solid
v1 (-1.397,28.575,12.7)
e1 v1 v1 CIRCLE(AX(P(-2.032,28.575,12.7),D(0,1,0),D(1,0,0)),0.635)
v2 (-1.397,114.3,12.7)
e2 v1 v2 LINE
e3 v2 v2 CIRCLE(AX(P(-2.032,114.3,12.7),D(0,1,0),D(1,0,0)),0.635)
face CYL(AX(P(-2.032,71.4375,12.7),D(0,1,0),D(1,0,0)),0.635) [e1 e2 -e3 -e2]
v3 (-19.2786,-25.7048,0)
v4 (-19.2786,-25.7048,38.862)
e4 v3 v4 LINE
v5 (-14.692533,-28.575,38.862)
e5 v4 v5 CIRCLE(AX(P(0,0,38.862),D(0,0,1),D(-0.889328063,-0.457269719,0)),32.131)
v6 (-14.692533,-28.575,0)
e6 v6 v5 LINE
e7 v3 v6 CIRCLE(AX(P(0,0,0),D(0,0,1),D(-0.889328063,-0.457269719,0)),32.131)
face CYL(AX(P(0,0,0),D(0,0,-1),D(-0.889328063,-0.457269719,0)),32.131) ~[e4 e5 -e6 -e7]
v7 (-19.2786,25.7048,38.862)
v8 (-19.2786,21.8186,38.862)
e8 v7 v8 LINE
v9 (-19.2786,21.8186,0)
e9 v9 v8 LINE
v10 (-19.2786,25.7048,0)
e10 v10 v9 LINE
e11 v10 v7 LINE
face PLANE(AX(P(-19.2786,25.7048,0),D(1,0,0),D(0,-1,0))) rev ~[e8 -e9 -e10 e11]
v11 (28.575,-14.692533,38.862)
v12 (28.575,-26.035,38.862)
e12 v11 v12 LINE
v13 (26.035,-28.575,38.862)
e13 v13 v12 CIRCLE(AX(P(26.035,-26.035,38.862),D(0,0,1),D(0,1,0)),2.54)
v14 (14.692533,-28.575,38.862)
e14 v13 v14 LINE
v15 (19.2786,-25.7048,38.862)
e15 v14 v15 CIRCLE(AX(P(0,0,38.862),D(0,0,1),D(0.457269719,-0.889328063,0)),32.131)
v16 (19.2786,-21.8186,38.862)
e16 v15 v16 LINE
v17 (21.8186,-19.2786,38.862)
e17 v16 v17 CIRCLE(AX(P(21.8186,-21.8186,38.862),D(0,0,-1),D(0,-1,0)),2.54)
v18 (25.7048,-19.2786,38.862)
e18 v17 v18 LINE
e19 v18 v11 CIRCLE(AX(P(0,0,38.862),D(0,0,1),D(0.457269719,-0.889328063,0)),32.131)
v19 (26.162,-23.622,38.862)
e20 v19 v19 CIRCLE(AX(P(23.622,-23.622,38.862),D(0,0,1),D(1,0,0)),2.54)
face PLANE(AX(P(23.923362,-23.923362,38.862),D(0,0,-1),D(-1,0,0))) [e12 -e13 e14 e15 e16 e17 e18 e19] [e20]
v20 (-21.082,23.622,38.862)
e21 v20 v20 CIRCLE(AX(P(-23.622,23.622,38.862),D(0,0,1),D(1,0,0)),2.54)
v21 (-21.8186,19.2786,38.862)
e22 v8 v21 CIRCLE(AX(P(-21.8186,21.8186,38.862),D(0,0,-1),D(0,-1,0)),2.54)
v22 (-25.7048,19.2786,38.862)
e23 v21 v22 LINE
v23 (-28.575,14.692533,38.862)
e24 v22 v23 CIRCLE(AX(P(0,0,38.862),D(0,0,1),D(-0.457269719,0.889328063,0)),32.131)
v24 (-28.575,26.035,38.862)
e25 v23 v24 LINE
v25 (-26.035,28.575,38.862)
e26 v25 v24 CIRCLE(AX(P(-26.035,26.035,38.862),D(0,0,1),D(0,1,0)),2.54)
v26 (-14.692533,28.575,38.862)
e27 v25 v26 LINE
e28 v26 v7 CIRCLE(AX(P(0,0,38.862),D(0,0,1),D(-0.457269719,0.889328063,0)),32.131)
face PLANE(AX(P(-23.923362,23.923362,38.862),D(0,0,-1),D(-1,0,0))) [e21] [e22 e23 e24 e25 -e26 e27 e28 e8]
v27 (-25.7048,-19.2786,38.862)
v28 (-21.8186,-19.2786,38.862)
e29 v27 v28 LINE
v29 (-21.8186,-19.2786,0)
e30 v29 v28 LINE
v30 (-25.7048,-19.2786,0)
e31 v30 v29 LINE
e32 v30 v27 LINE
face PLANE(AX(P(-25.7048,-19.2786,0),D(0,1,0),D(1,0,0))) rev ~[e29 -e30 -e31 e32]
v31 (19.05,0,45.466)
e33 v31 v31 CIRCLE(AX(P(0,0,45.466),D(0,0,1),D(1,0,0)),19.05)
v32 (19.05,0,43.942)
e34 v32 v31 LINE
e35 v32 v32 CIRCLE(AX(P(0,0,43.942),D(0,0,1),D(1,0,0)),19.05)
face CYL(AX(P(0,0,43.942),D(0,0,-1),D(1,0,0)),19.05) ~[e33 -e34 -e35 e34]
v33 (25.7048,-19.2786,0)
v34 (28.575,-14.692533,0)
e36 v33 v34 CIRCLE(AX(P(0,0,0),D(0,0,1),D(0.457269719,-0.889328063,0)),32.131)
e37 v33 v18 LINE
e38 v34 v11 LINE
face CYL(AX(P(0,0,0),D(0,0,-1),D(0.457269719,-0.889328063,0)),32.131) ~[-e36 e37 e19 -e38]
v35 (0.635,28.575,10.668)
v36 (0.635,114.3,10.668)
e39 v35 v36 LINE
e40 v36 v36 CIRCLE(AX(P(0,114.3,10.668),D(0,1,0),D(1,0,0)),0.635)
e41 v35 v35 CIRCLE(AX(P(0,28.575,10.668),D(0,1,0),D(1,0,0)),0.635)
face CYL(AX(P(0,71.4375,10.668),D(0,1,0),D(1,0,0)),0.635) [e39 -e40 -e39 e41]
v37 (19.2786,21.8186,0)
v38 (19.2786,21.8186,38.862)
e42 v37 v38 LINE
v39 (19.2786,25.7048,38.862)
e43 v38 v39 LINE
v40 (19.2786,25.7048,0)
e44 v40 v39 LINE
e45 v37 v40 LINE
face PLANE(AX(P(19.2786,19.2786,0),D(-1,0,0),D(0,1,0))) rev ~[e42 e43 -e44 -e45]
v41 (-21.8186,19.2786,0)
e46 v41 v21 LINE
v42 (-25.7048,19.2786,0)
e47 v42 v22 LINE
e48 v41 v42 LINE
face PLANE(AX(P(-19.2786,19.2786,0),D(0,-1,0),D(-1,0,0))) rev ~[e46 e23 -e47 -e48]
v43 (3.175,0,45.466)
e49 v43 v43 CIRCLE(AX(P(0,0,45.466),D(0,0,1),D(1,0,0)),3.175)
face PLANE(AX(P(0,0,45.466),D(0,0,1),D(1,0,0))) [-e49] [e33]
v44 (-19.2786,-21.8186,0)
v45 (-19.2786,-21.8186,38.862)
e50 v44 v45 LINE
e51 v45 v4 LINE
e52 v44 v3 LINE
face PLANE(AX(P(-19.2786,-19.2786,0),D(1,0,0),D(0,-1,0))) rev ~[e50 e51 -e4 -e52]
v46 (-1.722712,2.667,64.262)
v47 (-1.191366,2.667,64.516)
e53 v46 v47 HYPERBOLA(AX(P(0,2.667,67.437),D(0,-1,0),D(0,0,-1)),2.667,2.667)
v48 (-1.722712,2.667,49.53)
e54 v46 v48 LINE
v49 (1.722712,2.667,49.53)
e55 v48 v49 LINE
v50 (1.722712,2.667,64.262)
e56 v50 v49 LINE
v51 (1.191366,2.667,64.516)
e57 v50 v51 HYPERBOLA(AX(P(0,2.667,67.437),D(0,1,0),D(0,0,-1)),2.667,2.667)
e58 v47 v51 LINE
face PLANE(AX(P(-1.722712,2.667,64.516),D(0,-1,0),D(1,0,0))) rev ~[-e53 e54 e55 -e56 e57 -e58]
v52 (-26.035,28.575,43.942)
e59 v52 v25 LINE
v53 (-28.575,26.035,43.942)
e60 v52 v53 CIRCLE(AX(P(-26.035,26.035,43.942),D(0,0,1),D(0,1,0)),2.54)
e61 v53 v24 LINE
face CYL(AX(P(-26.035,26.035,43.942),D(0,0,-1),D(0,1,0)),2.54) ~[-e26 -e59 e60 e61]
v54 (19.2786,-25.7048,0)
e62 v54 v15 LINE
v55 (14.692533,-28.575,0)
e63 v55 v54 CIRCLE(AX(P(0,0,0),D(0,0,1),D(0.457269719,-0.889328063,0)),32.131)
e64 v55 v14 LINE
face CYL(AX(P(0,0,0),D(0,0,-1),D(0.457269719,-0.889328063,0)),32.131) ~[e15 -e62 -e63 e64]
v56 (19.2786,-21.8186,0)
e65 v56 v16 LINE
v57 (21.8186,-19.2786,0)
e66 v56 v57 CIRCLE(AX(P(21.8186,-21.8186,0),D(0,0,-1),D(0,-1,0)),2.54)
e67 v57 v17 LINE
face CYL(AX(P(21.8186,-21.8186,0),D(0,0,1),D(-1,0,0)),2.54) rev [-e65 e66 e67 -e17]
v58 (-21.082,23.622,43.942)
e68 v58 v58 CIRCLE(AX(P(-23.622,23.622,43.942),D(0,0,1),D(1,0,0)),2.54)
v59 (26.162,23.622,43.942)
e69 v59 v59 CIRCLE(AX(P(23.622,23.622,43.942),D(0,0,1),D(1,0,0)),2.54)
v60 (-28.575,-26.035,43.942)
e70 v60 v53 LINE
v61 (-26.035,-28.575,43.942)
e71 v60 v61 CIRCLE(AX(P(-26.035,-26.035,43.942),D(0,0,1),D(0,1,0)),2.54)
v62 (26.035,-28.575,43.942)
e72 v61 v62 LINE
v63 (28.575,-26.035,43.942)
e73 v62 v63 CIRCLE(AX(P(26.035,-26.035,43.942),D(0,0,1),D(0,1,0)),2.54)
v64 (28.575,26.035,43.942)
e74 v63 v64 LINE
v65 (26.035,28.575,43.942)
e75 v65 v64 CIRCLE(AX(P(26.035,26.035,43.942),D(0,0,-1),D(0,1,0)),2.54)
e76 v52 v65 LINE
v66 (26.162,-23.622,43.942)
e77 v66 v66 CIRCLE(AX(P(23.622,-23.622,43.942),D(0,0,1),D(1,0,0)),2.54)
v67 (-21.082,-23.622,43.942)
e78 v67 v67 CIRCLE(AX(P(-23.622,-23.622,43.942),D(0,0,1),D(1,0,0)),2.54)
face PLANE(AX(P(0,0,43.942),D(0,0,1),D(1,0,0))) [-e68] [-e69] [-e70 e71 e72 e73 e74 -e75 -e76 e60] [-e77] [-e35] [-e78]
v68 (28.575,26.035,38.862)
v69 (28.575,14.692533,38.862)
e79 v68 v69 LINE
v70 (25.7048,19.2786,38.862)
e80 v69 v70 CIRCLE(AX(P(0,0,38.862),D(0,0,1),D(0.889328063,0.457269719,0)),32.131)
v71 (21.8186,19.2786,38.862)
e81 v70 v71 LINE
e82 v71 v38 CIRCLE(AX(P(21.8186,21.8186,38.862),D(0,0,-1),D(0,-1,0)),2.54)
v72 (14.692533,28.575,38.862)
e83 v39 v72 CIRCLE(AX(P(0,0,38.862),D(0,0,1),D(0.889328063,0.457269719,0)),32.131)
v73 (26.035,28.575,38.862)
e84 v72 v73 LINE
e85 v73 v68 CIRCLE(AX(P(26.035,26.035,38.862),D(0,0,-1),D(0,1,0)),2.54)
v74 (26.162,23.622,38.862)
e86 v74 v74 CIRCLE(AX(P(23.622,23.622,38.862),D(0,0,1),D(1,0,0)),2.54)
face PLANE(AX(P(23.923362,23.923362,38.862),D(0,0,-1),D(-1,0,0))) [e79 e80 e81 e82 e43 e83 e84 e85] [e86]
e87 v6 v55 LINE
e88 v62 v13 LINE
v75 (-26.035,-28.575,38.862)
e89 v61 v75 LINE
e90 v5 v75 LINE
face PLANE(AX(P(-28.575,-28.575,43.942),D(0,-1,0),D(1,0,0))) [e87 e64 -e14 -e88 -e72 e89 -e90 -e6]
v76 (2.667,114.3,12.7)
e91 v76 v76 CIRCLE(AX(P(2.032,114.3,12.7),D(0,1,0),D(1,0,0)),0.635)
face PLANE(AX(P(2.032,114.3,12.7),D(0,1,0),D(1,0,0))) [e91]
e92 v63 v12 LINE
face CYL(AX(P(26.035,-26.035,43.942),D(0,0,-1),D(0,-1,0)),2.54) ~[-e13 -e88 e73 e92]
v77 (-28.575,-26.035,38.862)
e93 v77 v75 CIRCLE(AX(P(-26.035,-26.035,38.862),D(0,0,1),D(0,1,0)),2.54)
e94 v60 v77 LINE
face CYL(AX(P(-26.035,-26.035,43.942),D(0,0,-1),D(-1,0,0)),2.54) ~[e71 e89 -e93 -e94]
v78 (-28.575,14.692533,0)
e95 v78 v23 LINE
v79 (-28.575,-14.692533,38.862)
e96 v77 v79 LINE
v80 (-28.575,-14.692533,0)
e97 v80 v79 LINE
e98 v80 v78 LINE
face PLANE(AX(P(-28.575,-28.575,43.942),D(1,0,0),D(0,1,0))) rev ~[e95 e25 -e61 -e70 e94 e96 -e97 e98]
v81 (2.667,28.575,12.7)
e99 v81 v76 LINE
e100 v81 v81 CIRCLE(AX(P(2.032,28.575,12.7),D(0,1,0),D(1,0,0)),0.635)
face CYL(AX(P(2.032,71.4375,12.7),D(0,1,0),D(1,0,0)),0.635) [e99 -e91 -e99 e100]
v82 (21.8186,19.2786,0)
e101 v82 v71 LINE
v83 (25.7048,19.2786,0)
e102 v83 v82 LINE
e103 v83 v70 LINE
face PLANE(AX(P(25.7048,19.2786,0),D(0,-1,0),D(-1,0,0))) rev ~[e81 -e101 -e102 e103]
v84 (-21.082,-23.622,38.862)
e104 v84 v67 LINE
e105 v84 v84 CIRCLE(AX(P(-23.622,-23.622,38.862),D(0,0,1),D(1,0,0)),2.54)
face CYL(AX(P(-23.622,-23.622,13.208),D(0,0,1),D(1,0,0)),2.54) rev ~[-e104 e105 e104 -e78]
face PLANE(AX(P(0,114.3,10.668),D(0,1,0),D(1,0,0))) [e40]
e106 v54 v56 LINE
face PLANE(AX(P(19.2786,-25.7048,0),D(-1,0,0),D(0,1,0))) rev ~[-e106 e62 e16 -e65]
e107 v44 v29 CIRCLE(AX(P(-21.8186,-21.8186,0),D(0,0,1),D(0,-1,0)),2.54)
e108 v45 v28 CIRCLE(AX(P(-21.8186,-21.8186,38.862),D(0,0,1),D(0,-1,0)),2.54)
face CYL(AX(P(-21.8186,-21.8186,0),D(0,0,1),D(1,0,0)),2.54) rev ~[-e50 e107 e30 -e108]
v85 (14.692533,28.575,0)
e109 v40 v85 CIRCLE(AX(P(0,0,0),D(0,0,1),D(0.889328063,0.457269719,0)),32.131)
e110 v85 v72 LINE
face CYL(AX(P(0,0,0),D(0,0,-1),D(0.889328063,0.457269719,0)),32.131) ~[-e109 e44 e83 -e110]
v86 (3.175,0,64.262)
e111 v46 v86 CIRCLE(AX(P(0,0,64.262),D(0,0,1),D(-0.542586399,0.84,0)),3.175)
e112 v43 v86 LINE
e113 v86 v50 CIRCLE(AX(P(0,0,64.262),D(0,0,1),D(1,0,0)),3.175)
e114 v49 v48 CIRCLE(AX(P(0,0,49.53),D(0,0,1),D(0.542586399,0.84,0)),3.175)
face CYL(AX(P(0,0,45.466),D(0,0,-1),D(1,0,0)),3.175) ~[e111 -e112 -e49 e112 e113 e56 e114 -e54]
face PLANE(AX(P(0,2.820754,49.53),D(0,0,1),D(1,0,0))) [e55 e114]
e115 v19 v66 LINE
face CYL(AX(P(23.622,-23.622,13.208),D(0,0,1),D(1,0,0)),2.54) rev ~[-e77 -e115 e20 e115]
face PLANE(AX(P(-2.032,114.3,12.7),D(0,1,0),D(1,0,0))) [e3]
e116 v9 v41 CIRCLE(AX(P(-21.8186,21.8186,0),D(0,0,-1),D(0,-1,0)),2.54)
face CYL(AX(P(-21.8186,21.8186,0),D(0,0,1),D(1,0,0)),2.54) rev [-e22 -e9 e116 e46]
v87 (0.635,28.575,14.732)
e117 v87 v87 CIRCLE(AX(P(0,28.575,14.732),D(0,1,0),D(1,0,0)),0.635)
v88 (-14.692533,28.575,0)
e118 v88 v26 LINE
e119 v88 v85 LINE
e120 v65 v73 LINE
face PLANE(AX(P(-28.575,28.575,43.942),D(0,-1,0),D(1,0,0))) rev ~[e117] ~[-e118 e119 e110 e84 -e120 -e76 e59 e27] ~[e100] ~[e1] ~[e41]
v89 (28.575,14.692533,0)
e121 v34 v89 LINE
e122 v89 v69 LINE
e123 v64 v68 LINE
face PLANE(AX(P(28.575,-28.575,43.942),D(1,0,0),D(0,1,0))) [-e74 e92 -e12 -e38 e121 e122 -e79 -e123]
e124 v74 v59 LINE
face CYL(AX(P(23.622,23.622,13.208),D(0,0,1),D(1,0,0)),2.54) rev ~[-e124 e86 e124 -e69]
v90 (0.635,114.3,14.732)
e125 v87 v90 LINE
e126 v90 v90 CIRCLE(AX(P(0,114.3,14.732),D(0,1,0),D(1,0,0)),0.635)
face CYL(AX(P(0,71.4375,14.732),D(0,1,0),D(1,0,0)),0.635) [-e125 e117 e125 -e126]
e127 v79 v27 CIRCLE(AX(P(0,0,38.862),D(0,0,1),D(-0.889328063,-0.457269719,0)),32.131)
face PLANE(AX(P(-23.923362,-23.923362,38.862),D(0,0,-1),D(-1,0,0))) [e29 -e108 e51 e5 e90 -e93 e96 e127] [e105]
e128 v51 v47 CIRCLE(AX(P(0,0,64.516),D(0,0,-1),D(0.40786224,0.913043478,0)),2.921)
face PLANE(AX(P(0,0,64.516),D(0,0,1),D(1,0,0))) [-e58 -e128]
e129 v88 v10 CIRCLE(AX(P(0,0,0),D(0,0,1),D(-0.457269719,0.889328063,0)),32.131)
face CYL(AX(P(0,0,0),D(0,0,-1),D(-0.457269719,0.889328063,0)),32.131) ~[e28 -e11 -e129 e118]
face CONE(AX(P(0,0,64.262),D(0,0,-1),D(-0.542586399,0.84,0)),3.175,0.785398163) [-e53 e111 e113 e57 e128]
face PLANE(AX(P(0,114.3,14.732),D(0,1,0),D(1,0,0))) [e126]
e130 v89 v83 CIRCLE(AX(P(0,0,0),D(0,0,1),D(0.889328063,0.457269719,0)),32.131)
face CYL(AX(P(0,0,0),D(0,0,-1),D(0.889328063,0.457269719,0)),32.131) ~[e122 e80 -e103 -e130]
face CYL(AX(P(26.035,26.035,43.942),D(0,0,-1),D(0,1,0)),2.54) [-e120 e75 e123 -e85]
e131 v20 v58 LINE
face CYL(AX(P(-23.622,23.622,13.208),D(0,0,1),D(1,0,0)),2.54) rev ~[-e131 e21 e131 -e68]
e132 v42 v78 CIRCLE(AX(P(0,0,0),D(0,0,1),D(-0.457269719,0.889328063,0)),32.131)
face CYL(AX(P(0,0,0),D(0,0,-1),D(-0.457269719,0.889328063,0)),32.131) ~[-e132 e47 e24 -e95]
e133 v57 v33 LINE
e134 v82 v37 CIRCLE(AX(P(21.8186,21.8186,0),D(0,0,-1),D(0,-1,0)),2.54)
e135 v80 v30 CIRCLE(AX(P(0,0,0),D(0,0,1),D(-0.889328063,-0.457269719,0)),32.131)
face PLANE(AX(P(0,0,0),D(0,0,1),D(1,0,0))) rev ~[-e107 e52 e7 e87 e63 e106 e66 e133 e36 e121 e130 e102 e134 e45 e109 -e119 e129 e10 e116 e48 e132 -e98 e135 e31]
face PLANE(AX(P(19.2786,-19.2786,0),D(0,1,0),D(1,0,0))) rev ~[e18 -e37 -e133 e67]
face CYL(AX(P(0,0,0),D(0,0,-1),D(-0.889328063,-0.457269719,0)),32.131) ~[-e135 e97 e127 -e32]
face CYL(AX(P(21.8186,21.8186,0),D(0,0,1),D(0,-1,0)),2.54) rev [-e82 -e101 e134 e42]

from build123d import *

# Parameters (mm, degrees)
SKETCH1_W           = 57.15
SKETCH1_H           = 57.15
BOSS_EXTRUDE1_DEPTH = 43.942
CUT_EXTRUDE1_DEPTH  = 38.862
CUT_EXTRUDE2_DEPTH  = 38.862
CUT_EXTRUDE3_DEPTH  = 38.862
CUT_EXTRUDE4_DEPTH  = 38.862
CUT_EXTRUDE5_DEPTH  = 38.862
CUT_EXTRUDE6_DEPTH  = 38.862
CUT_EXTRUDE7_DEPTH  = 38.862
CUT_EXTRUDE8_DEPTH  = 38.862
SKETCH10_R          = 19.05
BOSS_EXTRUDE2_DEPTH = 1.524
SKETCH11_R          = 3.175
BOSS_EXTRUDE3_DEPTH = 19.05
CUT_EXTRUDE9_DEPTH  = 14.986
SKETCH13_W          = 0.635
SKETCH13_H          = 85.725
SKETCH14_W          = 0.635
SKETCH14_H          = 85.725
SKETCH15_W          = 0.635
SKETCH15_H          = 85.725
SKETCH16_W          = 0.635
SKETCH16_H          = 85.725
HOLE1_D             = 5.08
HOLE1_DEPTH         = 25.654
HOLE2_D             = 5.08
HOLE2_DEPTH         = 25.654
HOLE3_D             = 5.08
HOLE3_DEPTH         = 25.654
HOLE4_D             = 5.08
HOLE4_DEPTH         = 25.654
CHAMFER1_SIZE       = 0.254
FILLET1_R           = 2.54
FILLET2_R           = 2.54
FILLET3_R           = 2.54
FILLET4_R           = 2.54
FILLET5_R           = 2.54
FILLET6_R           = 2.54
FILLET7_R           = 2.54
FILLET8_R           = 2.54


with BuildPart() as part:
    # Sketch1 → Boss-Extrude1 (new body)
    with BuildSketch(Plane.XY.offset(43.942)):
        Rectangle(SKETCH1_W, SKETCH1_H)
    extrude(amount=-BOSS_EXTRUDE1_DEPTH)

    # Sketch2 → Cut-Extrude1 (cut)
    with BuildSketch(Plane(origin=(0, 0, 0), x_dir=(-1, 0, 0), z_dir=(0, 0, -1))):
        with BuildLine():
            Line((-28.575, -28.575), (-14.692533342, -28.575))
            ThreePointArc((-14.692533342, -28.575), (-22.720047986, -22.720047986), (-28.575, -14.692533342))
            Line((-28.575, -14.692533342), (-28.575, -28.575))
        make_face()
    extrude(amount=-CUT_EXTRUDE1_DEPTH, mode=Mode.SUBTRACT)

    # Sketch3 → Cut-Extrude2 (cut)
    with BuildSketch(Plane(origin=(0, 0, 0), x_dir=(-1, 0, 0), z_dir=(0, 0, -1))):
        with BuildLine():
            Line((-19.2786, -25.7048), (-19.2786, -19.2786))
            Line((-19.2786, -19.2786), (-25.7048, -19.2786))
            ThreePointArc((-25.7048, -19.2786), (-22.720047986, -22.720047986), (-19.2786, -25.7048))
        make_face()
    extrude(amount=-CUT_EXTRUDE2_DEPTH, mode=Mode.SUBTRACT)

    # Sketch4 → Cut-Extrude3 (cut)
    with BuildSketch(Plane(origin=(0, 0, 0), x_dir=(-1, 0, 0), z_dir=(0, 0, -1))):
        with BuildLine():
            Line((-28.575, 28.575), (-28.575, 14.692533342))
            ThreePointArc((-28.575, 14.692533342), (-22.720047986, 22.720047986), (-14.692533342, 28.575))
            Line((-14.692533342, 28.575), (-28.575, 28.575))
        make_face()
    extrude(amount=-CUT_EXTRUDE3_DEPTH, mode=Mode.SUBTRACT)

    # Sketch5 → Cut-Extrude4 (cut)
    with BuildSketch(Plane(origin=(0, 0, 0), x_dir=(-1, 0, 0), z_dir=(0, 0, -1))):
        with BuildLine():
            Line((-25.7048, 19.2786), (-19.2786, 19.2786))
            Line((-19.2786, 19.2786), (-19.2786, 25.7048))
            ThreePointArc((-19.2786, 25.7048), (-22.720047986, 22.720047986), (-25.7048, 19.2786))
        make_face()
    extrude(amount=-CUT_EXTRUDE4_DEPTH, mode=Mode.SUBTRACT)

    # Sketch6 → Cut-Extrude5 (cut)
    with BuildSketch(Plane(origin=(0, 0, 0), x_dir=(-1, 0, 0), z_dir=(0, 0, -1))):
        with BuildLine():
            Line((28.575, 28.575), (14.692533342, 28.575))
            ThreePointArc((14.692533342, 28.575), (22.720047986, 22.720047986), (28.575, 14.692533342))
            Line((28.575, 14.692533342), (28.575, 28.575))
        make_face()
    extrude(amount=-CUT_EXTRUDE5_DEPTH, mode=Mode.SUBTRACT)

    # Sketch7 → Cut-Extrude6 (cut)
    with BuildSketch(Plane(origin=(0, 0, 0), x_dir=(-1, 0, 0), z_dir=(0, 0, -1))):
        with BuildLine():
            Line((19.2786, 25.7048), (19.2786, 19.2786))
            Line((19.2786, 19.2786), (25.7048, 19.2786))
            ThreePointArc((25.7048, 19.2786), (22.720047986, 22.720047986), (19.2786, 25.7048))
        make_face()
    extrude(amount=-CUT_EXTRUDE6_DEPTH, mode=Mode.SUBTRACT)

    # Sketch8 → Cut-Extrude7 (cut)
    with BuildSketch(Plane(origin=(0, 0, 0), x_dir=(-1, 0, 0), z_dir=(0, 0, -1))):
        with BuildLine():
            Line((28.575, -28.575), (28.575, -14.692533342))
            ThreePointArc((28.575, -14.692533342), (22.720047986, -22.720047986), (14.692533342, -28.575))
            Line((14.692533342, -28.575), (28.575, -28.575))
        make_face()
    extrude(amount=-CUT_EXTRUDE7_DEPTH, mode=Mode.SUBTRACT)

    # Sketch9 → Cut-Extrude8 (cut)
    with BuildSketch(Plane(origin=(0, 0, 0), x_dir=(-1, 0, 0), z_dir=(0, 0, -1))):
        with BuildLine():
            Line((25.7048, -19.2786), (19.2786, -19.2786))
            Line((19.2786, -19.2786), (19.2786, -25.7048))
            ThreePointArc((19.2786, -25.7048), (22.720047986, -22.720047986), (25.7048, -19.2786))
        make_face()
    extrude(amount=-CUT_EXTRUDE8_DEPTH, mode=Mode.SUBTRACT)

    # Sketch10 → Boss-Extrude2 (add)
    with BuildSketch(Plane.XY.offset(43.942)):
        Circle(SKETCH10_R)
    extrude(amount=BOSS_EXTRUDE2_DEPTH)

    # Sketch11 → Boss-Extrude3 (add)
    with BuildSketch(Plane.XY.offset(45.466)):
        Circle(SKETCH11_R)
    extrude(amount=BOSS_EXTRUDE3_DEPTH)

    # Sketch12 → Cut-Extrude9 (cut)
    with BuildSketch(Plane.XY.offset(64.516)):
        with BuildLine():
            Line((-1.722711816, 2.667), (1.722711816, 2.667))
            ThreePointArc((1.722711816, 2.667), (0, 3.175), (-1.722711816, 2.667))
        make_face()
    extrude(amount=-CUT_EXTRUDE9_DEPTH, mode=Mode.SUBTRACT)

    # Sketch13 → Revolve1 (revolve)
    with BuildSketch(Plane(origin=(0, 0, 12.7), x_dir=(-1, 0, 0), z_dir=(0, 0, -1))):
        with Locations((1.7145, 71.4375)):
            Rectangle(SKETCH13_W, SKETCH13_H)
    revolve(axis=Axis((-2.032, 28.575, 12.7), (0, 1, 0)))

    # Sketch14 → Revolve2 (revolve)
    with BuildSketch(Plane(origin=(0, 0, 12.7), x_dir=(-1, 0, 0), z_dir=(0, 0, -1))):
        with Locations((-2.3495, 71.4375)):
            Rectangle(SKETCH14_W, SKETCH14_H)
    revolve(axis=Axis((2.032, 28.575, 12.7), (0, 1, 0)))

    # Sketch15 → Revolve3 (revolve)
    with BuildSketch(Plane(origin=(0, 0, 14.732), x_dir=(-1, 0, 0), z_dir=(0, 0, -1))):
        with Locations((-0.3175, 71.4375)):
            Rectangle(SKETCH15_W, SKETCH15_H)
    revolve(axis=Axis((0, 28.575, 14.732), (0, 1, 0)))

    # Sketch16 → Revolve4 (revolve)
    with BuildSketch(Plane(origin=(0, 0, 10.668), x_dir=(-1, 0, 0), z_dir=(0, 0, -1))):
        with Locations((-0.3175, 71.4375)):
            Rectangle(SKETCH16_W, SKETCH16_H)
    revolve(axis=Axis((0, 28.575, 10.668), (0, 1, 0)))

    # Hole1
    with Locations(Plane(origin=(0, 0, 38.862), x_dir=(-1, 0, 0), z_dir=(0, 0, -1))):
        with Locations((23.622, -23.622)):
            Hole(HOLE1_D / 2, depth=HOLE1_DEPTH)

    # Hole2
    with Locations(Plane(origin=(0, 0, 38.862), x_dir=(-1, 0, 0), z_dir=(0, 0, -1))):
        with Locations((23.622, 23.622)):
            Hole(HOLE2_D / 2, depth=HOLE2_DEPTH)

    # Hole3
    with Locations(Plane(origin=(0, 0, 38.862), x_dir=(-1, 0, 0), z_dir=(0, 0, -1))):
        with Locations((-23.622, 23.622)):
            Hole(HOLE3_D / 2, depth=HOLE3_DEPTH)

    # Hole4
    with Locations(Plane(origin=(0, 0, 38.862), x_dir=(-1, 0, 0), z_dir=(0, 0, -1))):
        with Locations((-23.622, -23.622)):
            Hole(HOLE4_D / 2, depth=HOLE4_DEPTH)

    # Chamfer1
    chamfer1_edges = [part.edges().sort_by_distance(p)[0] for p in [
        (-1.51838977, -2.78838977, 64.516),
    ]]
    chamfer(chamfer1_edges, length=CHAMFER1_SIZE)

    # Fillet1
    fillet1_edges = [part.edges().sort_by_distance(p)[0] for p in [
        (-28.575, 28.575, 41.402),
    ]]
    fillet(fillet1_edges, radius=FILLET1_R)

    # Fillet2
    fillet2_edges = [part.edges().sort_by_distance(p)[0] for p in [
        (-28.575, -28.575, 41.402),
    ]]
    fillet(fillet2_edges, radius=FILLET2_R)

    # Fillet3
    fillet3_edges = [part.edges().sort_by_distance(p)[0] for p in [
        (28.575, 28.575, 41.402),
    ]]
    fillet(fillet3_edges, radius=FILLET3_R)

    # Fillet4
    fillet4_edges = [part.edges().sort_by_distance(p)[0] for p in [
        (-19.2786, 19.2786, 19.431),
    ]]
    fillet(fillet4_edges, radius=FILLET4_R)

    # Fillet5
    fillet5_edges = [part.edges().sort_by_distance(p)[0] for p in [
        (28.575, -28.575, 41.402),
    ]]
    fillet(fillet5_edges, radius=FILLET5_R)

    # Fillet6
    fillet6_edges = [part.edges().sort_by_distance(p)[0] for p in [
        (19.2786, -19.2786, 19.431),
    ]]
    fillet(fillet6_edges, radius=FILLET6_R)

    # Fillet7
    fillet7_edges = [part.edges().sort_by_distance(p)[0] for p in [
        (19.2786, 19.2786, 19.431),
    ]]
    fillet(fillet7_edges, radius=FILLET7_R)

    # Fillet8
    fillet8_edges = [part.edges().sort_by_distance(p)[0] for p in [
        (-19.2786, -19.2786, 19.431),
    ]]
    fillet(fillet8_edges, radius=FILLET8_R)


solid = part.part
